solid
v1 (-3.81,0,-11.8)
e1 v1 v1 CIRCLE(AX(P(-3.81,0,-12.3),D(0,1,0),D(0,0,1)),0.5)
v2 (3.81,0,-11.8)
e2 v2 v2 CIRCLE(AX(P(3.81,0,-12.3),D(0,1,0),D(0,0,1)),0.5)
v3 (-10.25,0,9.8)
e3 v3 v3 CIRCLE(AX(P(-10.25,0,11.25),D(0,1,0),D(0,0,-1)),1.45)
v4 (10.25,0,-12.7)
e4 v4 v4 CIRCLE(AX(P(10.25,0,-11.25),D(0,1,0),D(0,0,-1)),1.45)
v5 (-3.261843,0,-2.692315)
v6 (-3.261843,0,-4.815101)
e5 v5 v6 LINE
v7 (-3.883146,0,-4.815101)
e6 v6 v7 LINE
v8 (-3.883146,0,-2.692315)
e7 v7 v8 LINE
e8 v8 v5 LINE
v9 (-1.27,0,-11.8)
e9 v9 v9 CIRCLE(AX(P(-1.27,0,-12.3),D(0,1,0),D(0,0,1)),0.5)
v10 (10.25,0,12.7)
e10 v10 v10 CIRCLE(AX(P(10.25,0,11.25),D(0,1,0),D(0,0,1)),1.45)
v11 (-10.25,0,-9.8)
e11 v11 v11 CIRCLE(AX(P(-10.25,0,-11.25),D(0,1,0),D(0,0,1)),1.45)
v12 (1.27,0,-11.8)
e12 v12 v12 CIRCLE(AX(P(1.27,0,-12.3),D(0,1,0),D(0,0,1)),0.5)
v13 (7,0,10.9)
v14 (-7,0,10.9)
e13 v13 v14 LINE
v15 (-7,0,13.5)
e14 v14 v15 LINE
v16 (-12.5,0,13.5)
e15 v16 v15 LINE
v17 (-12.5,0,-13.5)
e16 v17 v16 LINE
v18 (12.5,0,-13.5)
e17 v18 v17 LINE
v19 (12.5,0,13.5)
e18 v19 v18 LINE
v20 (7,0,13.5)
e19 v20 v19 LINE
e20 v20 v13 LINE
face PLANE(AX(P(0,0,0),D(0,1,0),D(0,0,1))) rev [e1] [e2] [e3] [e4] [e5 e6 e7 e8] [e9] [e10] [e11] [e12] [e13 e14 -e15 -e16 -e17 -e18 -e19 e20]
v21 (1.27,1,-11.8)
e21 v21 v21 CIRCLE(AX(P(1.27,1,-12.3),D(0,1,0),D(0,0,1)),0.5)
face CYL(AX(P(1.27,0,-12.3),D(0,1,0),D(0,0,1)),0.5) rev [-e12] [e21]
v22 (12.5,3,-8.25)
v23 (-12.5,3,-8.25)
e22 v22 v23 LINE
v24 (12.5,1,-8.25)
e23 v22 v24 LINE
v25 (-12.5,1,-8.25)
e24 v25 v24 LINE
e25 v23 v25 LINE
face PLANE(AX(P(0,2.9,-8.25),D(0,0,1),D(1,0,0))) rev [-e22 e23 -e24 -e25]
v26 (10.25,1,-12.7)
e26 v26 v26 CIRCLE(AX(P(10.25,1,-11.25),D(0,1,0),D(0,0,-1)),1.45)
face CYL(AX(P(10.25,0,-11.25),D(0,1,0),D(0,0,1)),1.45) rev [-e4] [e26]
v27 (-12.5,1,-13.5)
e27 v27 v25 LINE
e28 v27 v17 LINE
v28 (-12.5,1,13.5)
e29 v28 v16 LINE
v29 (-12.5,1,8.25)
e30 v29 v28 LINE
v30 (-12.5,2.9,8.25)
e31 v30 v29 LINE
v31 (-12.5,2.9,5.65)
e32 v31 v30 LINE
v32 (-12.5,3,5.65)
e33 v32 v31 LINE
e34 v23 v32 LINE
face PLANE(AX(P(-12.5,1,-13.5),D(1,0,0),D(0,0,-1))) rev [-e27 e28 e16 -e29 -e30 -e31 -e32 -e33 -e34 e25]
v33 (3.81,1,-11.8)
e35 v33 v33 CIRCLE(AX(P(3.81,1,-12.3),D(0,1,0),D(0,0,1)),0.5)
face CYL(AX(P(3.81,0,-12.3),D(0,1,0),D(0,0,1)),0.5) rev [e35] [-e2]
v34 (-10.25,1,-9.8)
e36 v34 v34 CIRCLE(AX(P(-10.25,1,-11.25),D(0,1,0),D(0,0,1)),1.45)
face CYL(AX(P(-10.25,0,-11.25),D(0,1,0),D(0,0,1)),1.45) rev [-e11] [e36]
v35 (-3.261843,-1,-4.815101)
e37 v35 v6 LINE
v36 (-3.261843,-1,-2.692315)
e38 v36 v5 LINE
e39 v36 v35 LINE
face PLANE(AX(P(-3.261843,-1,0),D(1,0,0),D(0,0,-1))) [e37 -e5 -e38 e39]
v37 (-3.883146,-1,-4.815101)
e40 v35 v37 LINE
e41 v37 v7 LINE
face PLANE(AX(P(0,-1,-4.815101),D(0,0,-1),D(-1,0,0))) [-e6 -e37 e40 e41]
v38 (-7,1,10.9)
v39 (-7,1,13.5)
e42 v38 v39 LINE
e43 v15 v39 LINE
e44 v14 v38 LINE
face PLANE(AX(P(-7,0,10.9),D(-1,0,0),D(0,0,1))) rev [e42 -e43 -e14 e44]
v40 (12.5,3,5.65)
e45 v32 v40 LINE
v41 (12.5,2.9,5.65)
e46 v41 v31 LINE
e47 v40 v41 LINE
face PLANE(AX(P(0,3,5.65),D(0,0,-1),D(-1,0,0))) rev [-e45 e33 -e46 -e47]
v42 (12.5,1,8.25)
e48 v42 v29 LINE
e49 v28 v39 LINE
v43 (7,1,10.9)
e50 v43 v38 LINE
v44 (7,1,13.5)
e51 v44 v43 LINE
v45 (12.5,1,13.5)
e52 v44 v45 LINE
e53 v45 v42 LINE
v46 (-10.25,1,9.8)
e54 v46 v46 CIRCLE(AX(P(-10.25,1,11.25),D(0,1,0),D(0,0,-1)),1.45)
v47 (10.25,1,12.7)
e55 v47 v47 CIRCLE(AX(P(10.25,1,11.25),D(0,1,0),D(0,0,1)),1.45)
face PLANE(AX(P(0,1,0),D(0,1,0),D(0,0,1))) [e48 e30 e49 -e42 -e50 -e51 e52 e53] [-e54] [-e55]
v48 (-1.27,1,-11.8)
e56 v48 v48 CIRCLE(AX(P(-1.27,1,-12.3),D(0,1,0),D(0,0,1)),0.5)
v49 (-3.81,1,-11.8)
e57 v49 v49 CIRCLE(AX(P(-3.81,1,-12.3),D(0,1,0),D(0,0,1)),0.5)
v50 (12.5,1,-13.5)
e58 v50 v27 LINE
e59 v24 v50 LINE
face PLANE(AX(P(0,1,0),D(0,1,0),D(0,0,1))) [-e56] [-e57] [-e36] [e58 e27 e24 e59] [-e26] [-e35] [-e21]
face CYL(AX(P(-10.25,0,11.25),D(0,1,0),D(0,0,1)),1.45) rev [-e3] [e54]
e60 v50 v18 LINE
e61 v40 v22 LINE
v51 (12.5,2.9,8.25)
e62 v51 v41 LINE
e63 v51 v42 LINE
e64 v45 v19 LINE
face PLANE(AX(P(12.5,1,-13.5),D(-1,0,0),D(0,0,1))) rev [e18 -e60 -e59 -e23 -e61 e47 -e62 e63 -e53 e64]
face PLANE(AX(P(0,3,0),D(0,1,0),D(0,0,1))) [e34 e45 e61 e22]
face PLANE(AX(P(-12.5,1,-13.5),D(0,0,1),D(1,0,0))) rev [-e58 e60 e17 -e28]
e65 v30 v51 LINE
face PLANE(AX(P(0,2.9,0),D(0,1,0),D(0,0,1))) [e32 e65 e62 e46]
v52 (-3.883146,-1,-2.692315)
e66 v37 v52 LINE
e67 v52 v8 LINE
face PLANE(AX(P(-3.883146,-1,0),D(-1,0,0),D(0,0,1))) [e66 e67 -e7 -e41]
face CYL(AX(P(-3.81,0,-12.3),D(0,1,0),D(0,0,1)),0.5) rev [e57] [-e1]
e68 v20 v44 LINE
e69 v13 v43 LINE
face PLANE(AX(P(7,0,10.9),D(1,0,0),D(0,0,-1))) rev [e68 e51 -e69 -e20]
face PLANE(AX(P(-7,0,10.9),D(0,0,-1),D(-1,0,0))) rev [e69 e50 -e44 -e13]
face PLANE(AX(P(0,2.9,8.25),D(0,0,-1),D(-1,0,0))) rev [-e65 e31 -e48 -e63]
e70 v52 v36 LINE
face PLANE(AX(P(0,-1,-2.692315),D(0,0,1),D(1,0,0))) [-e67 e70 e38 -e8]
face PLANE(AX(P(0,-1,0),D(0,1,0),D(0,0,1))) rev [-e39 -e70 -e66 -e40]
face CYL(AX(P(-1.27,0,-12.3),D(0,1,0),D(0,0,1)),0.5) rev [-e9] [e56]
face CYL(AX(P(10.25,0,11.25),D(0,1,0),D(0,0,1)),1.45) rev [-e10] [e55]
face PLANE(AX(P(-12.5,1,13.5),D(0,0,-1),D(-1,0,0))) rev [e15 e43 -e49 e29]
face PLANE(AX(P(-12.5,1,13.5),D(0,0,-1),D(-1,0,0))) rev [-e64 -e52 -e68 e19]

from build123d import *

# Parameters (mm, degrees)
SKETCH_1_W          = 25
SKETCH_1_H          = 27
EXTRUDE_1_DEPTH     = 1
EXTRUDE_START       = -1
SKETCH_2_W          = 25
SKETCH_2_H          = 16.5
EXTRUDE_2_DEPTH     = 2.9
EXTRUDE_START_2     = -2.9
SKETCH_3_W          = 25
SKETCH_3_H          = 13.9
EXTRUDE_3_DEPTH     = 3
SKETCH_4_W          = 14
SKETCH_4_H          = 2.6
CUT_EXTRUDE_1_DEPTH = 2
SKETCH_6_R          = 1.45
SKETCH_6_R_2        = 0.5
CUT_EXTRUDE_2_DEPTH = 2
EXTRUDE_START_3     = -3
SKETCH_7_W          = 0.62130337
SKETCH_7_H          = 2.122786517
EXTRUDE_4_DEPTH     = 4


with BuildPart() as part:
    # 草图1 → 凸台-拉伸1 (new body)
    with BuildSketch(Plane(origin=(0, 0, 0), x_dir=(1, 0, 0), z_dir=(0, 1, 0))):
        Rectangle(SKETCH_1_W, SKETCH_1_H)
    extrude(amount=EXTRUDE_1_DEPTH)

    # 草图2 → 凸台-拉伸2 (add)
    with BuildSketch(Plane(origin=(0, 1, 0), x_dir=(1, 0, 0), z_dir=(0, 1, 0)).offset(EXTRUDE_START)):
        Rectangle(SKETCH_2_W, SKETCH_2_H)
    extrude(amount=EXTRUDE_2_DEPTH)

    # 草图3 → 凸台-拉伸3 (add)
    with BuildSketch(Plane(origin=(0, 2.9, 0), x_dir=(1, 0, 0), z_dir=(0, 1, 0)).offset(EXTRUDE_START_2)):
        with Locations((0, 1.3)):
            Rectangle(SKETCH_3_W, SKETCH_3_H)
    extrude(amount=EXTRUDE_3_DEPTH)

    # 草图4 → 切除-拉伸1 (cut, through all)
    with BuildSketch(Plane(origin=(0, 1, 0), x_dir=(1, 0, 0), z_dir=(0, 1, 0))):
        with Locations((0, -12.2)):
            Rectangle(SKETCH_4_W, SKETCH_4_H)
    extrude(amount=-CUT_EXTRUDE_1_DEPTH, mode=Mode.SUBTRACT)

    # 草图6 → 切除-拉伸2 (cut, through all)
    with BuildSketch(Plane(origin=(0, 1, 0), x_dir=(1, 0, 0), z_dir=(0, 1, 0))):
        with Locations((-10.25, 11.25)):
            Circle(SKETCH_6_R)
        with Locations((10.25, 11.25)):
            Circle(SKETCH_6_R)
        with Locations((-10.25, -11.25)):
            Circle(SKETCH_6_R)
        with Locations((10.25, -11.25)):
            Circle(SKETCH_6_R)
        with Locations((-3.81, 12.3)):
            Circle(SKETCH_6_R_2)
        with Locations((-1.27, 12.3)):
            Circle(SKETCH_6_R_2)
        with Locations((1.27, 12.3)):
            Circle(SKETCH_6_R_2)
        with Locations((3.81, 12.3)):
            Circle(SKETCH_6_R_2)
    extrude(amount=-CUT_EXTRUDE_2_DEPTH, mode=Mode.SUBTRACT)

    # 草图7 → 凸台-拉伸4 (add)
    with BuildSketch(Plane.XZ.offset(EXTRUDE_START_3)):
        with Locations((-3.572494382, -3.753707866)):
            Rectangle(SKETCH_7_W, SKETCH_7_H)
    extrude(amount=EXTRUDE_4_DEPTH)


solid = part.part
